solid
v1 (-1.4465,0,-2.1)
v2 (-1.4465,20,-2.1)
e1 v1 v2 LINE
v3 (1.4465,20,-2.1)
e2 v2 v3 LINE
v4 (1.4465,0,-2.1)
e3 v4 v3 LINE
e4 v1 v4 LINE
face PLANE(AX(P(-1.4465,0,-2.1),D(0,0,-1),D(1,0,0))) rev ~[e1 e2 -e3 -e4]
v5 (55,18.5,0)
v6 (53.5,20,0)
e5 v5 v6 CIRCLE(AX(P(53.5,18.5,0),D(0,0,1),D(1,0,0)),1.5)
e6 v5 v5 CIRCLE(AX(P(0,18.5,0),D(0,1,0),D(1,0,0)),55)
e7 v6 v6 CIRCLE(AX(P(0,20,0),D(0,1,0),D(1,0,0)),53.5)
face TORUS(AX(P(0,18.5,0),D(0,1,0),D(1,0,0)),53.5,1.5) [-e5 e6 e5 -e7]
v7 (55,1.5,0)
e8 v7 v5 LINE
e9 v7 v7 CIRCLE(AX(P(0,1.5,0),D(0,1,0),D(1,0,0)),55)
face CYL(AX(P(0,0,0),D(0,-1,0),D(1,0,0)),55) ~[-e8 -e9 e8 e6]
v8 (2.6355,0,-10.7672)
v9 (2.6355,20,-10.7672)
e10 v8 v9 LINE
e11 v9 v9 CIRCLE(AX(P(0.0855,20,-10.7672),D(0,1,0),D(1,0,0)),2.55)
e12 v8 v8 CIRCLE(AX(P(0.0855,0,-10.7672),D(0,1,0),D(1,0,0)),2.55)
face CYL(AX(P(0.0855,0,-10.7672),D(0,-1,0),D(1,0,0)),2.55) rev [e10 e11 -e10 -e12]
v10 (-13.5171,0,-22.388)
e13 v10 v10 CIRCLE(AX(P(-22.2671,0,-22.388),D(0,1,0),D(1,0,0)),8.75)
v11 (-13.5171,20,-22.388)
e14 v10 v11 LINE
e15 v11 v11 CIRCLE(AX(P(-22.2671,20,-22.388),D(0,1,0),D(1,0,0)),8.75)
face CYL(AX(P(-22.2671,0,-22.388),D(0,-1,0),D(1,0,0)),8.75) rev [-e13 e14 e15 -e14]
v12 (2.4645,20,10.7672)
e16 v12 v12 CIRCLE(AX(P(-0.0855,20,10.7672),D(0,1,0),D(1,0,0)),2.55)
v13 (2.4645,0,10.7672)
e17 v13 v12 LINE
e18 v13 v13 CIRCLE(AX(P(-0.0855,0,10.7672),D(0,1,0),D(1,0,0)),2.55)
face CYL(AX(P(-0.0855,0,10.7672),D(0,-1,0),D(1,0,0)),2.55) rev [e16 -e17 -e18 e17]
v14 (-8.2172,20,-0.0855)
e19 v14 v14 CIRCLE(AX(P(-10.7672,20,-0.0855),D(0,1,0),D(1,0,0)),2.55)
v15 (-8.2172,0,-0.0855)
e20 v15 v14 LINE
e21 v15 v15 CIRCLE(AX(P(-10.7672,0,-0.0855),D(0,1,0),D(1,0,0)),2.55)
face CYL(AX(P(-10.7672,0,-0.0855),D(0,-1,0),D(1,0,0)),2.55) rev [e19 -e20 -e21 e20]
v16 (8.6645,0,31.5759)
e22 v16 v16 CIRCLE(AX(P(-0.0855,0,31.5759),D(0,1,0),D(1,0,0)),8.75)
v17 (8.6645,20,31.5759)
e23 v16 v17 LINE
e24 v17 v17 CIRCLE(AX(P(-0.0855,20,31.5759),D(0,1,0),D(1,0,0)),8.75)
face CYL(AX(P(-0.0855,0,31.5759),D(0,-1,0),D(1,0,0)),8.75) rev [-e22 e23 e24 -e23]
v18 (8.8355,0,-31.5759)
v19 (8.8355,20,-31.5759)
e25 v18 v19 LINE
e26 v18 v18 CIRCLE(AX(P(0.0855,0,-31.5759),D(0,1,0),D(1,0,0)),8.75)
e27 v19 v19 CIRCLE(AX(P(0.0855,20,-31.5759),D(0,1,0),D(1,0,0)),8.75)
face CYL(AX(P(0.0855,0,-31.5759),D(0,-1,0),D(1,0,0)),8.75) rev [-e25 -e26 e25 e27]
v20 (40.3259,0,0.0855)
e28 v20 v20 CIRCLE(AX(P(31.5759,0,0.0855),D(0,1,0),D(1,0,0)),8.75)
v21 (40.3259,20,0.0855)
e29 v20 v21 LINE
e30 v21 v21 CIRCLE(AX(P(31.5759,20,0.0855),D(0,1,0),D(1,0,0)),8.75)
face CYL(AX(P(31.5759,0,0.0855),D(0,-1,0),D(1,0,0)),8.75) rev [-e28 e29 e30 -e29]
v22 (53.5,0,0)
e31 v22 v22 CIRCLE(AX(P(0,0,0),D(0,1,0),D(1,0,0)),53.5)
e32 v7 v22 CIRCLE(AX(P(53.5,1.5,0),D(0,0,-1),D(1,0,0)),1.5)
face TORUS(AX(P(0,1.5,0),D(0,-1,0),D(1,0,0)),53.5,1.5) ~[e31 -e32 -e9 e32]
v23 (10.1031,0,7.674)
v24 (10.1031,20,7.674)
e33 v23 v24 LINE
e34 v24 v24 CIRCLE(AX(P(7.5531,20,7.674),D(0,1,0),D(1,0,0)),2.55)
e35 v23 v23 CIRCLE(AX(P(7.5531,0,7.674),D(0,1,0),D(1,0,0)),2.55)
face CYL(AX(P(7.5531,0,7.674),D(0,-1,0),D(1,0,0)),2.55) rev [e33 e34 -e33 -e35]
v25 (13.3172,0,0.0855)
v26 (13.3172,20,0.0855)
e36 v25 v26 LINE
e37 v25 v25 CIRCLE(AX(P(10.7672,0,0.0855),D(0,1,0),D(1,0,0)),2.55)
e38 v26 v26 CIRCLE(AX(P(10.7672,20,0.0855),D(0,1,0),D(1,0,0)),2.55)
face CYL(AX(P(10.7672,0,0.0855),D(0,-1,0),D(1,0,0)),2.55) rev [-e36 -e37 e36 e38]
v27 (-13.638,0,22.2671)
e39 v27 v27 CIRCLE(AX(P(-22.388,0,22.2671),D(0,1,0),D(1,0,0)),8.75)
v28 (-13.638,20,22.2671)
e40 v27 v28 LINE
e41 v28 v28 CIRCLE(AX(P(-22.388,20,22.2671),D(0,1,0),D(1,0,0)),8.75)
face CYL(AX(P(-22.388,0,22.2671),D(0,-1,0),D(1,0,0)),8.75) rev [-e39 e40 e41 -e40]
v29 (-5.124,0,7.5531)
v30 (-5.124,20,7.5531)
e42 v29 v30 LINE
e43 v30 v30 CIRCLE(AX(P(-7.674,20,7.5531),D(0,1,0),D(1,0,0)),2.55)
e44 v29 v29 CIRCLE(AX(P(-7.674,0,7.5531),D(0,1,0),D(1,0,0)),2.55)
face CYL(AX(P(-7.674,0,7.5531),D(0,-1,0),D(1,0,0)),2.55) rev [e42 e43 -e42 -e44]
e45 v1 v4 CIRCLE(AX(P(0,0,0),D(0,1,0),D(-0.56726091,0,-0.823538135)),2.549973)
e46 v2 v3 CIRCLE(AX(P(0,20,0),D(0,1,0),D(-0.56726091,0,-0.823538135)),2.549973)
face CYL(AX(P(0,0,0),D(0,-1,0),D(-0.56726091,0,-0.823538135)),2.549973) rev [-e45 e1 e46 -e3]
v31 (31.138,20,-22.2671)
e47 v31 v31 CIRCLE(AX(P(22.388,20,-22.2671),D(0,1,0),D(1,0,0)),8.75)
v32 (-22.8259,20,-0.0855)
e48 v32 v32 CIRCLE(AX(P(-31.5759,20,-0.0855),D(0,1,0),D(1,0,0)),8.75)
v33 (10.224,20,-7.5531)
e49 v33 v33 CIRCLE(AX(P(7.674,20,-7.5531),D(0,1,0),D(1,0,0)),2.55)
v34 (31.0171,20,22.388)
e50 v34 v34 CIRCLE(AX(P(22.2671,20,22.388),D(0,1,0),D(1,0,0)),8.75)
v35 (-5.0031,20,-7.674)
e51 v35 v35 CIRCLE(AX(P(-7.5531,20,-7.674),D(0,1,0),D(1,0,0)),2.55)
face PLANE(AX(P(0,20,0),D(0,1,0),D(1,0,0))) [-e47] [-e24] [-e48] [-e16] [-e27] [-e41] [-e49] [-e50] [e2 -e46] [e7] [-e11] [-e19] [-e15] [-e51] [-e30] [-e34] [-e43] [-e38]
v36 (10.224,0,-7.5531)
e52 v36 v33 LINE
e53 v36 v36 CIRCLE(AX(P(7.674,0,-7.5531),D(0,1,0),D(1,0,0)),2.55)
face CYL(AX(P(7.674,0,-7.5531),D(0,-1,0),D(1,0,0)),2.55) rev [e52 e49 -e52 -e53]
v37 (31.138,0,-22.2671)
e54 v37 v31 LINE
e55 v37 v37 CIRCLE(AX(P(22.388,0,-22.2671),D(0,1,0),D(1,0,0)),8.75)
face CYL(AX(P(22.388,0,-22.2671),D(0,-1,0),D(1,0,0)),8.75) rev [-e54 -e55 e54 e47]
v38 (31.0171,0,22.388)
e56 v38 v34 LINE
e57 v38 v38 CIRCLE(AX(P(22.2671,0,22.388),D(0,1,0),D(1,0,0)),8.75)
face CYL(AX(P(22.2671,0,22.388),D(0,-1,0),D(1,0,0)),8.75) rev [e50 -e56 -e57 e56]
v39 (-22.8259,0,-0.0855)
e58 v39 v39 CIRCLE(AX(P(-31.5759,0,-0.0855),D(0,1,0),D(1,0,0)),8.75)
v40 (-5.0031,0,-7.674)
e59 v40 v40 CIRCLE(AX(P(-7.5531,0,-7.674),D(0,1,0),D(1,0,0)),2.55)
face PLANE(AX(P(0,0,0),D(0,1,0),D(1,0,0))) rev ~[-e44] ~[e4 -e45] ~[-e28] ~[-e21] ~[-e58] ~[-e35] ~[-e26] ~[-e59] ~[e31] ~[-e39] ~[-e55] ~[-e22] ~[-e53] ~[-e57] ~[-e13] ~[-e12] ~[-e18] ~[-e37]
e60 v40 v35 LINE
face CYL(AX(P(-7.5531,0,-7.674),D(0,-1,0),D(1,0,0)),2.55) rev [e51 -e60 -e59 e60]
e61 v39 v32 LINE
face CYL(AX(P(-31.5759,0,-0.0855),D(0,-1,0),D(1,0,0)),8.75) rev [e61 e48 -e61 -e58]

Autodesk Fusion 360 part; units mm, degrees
sketch "Sketch1" plane through (0, 0, 0) normal (0, 1, 0) x (1, 0, 0) in component "Wheel"
  circle A0 centre (0, 0) radius 55
  circle A1 centre (0.0855, 31.5759) radius 8.75
  circle A2 centre (-22.2671, 22.388) radius 8.75
  circle A3 centre (-31.5759, 0.0855) radius 8.75
  circle A4 centre (-22.388, -22.2671) radius 8.75
  circle A5 centre (-0.0855, -31.5759) radius 8.75
  circle A6 centre (22.2671, -22.388) radius 8.75
  circle A7 centre (31.5759, -0.0855) radius 8.75
  circle A8 centre (22.388, 22.2671) radius 8.75
  line L0 (-1.4465, 2.1) -> (1.4465, 2.1)
  arc A9 (-1.4465, 2.1) -> (1.4465, 2.1) centre (0, 0) ccw
  circle A10 centre (-0.0855, -10.7672) radius 2.55
  circle A11 centre (7.5531, -7.674) radius 2.55
  circle A12 centre (10.7672, -0.0855) radius 2.55
  circle A13 centre (7.674, 7.5531) radius 2.55
  circle A14 centre (0.0855, 10.7672) radius 2.55
  circle A15 centre (-7.5531, 7.674) radius 2.55
  circle A16 centre (-10.7672, 0.0855) radius 2.55
  circle A17 centre (-7.674, -7.5531) radius 2.55
  dimension "d1" = 110
  dimension "d5" = 5.1
  dimension "d6" = 17.5
  dimension "d8" = 360
  dimension "d9" = 2.1
  dimension "d12" = 5.1
  dimension "d14" = 360
extrude "Extrude2" add sketch "Sketch1" along normal blind 20 in component "Wheel"
fillet "Fillet1" radius 1.5 2 edges at (-51.278, 20, 19.8888) (-51.278, 0, 19.8888) in component "Wheel"
component "Wheel" placed x (1, 0, 0) y (0, 1, 0) z (0, 0, 1) at (0, 0, 0)
equation "d1 = ( 55 * 2 ) * 1 mm"
